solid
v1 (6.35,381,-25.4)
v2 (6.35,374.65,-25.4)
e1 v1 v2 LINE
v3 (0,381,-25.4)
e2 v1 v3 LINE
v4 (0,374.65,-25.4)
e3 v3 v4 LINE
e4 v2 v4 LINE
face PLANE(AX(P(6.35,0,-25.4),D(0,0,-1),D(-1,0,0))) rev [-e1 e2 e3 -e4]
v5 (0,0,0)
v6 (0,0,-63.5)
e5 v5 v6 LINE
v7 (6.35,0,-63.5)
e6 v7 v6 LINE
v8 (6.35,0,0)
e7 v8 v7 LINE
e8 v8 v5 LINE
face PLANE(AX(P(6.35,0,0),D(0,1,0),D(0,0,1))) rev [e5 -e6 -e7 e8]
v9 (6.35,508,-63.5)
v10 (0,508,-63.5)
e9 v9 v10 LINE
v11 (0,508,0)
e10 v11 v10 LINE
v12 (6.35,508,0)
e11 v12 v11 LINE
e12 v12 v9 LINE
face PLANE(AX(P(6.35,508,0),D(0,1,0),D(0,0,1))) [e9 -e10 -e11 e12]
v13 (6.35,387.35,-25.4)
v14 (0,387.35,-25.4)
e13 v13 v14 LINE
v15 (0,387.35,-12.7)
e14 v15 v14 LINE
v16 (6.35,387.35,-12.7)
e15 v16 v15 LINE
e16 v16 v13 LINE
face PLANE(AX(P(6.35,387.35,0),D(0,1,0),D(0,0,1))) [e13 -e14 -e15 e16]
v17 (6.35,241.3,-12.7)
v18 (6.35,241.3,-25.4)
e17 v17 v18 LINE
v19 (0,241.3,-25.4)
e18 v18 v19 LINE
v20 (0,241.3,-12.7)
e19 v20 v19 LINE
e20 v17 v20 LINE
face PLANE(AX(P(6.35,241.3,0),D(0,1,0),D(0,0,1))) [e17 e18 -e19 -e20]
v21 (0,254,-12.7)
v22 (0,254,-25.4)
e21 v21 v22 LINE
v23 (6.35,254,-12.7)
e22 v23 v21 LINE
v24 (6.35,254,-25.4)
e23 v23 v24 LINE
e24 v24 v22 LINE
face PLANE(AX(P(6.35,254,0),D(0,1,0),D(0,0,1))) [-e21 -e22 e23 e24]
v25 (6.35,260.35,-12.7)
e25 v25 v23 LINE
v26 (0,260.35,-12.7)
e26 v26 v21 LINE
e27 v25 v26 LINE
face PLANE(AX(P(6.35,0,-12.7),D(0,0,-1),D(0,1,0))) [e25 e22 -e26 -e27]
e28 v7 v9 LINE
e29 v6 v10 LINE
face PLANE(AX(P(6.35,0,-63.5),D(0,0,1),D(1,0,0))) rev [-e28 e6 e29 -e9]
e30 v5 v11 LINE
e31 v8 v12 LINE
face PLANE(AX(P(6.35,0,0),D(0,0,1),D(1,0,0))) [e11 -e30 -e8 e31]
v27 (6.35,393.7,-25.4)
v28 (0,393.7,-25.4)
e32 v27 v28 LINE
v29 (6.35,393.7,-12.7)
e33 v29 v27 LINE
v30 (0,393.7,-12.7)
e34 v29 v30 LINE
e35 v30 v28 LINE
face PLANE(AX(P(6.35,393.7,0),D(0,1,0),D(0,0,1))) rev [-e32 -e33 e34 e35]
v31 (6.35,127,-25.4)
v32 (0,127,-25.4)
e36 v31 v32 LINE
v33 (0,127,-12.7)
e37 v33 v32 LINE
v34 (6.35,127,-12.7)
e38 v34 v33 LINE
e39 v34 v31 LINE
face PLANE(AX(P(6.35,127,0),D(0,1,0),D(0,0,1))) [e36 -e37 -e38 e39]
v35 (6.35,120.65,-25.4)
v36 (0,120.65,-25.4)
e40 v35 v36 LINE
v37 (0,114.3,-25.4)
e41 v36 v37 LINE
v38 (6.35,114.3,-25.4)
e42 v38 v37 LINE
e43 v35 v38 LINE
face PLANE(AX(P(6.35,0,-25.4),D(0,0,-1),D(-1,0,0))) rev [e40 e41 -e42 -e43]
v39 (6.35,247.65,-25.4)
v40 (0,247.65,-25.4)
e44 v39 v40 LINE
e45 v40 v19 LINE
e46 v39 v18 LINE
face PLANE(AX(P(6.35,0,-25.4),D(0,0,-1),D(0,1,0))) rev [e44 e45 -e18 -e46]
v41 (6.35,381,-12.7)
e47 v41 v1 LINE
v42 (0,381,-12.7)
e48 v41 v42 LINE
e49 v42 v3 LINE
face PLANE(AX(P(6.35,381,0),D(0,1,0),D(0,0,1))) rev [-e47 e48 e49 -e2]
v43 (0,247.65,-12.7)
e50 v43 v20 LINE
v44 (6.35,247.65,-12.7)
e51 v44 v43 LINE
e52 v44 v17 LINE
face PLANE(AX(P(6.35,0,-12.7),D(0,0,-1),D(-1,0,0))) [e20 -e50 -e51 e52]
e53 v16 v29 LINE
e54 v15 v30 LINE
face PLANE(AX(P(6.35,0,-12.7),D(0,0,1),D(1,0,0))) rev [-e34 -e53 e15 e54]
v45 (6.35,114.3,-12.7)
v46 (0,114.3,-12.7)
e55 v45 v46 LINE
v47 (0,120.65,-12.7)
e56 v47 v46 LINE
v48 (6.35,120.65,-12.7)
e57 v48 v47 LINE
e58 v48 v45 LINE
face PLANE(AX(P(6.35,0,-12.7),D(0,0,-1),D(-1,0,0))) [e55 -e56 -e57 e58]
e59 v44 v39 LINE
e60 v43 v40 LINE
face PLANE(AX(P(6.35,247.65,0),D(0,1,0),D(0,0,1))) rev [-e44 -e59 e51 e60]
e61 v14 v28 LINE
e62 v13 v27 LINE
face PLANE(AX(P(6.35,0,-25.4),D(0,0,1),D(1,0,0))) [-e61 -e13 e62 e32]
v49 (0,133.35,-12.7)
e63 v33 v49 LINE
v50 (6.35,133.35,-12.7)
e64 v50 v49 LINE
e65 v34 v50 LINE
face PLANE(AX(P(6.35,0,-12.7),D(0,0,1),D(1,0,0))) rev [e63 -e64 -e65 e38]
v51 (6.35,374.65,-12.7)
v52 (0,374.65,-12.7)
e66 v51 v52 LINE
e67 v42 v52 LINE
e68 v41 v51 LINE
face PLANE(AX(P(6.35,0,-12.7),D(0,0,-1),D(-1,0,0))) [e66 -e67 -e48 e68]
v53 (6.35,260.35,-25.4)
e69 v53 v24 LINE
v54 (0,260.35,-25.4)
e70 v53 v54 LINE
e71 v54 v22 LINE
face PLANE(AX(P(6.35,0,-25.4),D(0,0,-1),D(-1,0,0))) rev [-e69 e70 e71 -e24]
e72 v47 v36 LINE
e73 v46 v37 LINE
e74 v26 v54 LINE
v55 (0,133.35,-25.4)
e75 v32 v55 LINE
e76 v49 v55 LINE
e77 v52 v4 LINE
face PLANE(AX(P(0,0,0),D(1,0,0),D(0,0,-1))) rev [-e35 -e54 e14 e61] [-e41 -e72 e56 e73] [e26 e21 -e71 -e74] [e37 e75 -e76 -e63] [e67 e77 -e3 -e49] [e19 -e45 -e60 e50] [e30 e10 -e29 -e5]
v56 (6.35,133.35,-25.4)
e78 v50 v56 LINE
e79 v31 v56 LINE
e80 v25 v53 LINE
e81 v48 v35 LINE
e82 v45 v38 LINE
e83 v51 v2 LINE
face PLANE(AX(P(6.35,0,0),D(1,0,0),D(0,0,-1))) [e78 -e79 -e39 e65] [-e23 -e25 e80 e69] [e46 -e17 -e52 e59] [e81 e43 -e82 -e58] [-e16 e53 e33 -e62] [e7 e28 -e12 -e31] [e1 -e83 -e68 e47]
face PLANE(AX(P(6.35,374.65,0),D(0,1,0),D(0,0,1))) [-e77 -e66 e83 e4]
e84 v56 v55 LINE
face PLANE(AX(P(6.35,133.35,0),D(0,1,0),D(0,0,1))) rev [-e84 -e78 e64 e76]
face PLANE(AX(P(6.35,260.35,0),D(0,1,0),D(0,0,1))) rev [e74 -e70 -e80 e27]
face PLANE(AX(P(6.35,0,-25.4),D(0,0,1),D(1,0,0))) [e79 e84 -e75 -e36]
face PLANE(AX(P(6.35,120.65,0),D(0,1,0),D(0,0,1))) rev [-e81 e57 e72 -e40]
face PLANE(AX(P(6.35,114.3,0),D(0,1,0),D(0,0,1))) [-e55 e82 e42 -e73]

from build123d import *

# Parameters (mm, degrees)
SKETCH2_W           = 63.5
SKETCH2_H           = 508
SKETCH2_W_2         = 12.7
SKETCH2_H_2         = 6.35
BOSS_EXTRUDE1_DEPTH = 6.35


with BuildPart() as part:
    # Sketch2 → Boss-Extrude1 (new body)
    with BuildSketch(Plane(origin=(0, 0, 0), x_dir=(0, 0, -1), z_dir=(1, 0, 0))):
        with Locations((31.75, 254)):
            Rectangle(SKETCH2_W, SKETCH2_H)
        with Locations((19.05, 390.525)):
            Rectangle(SKETCH2_W_2, SKETCH2_H_2, mode=Mode.SUBTRACT)
        with Locations((19.05, 130.175)):
            Rectangle(SKETCH2_W_2, SKETCH2_H_2, mode=Mode.SUBTRACT)
        with Locations((19.05, 257.175)):
            Rectangle(SKETCH2_W_2, SKETCH2_H_2, mode=Mode.SUBTRACT)
        with Locations((19.05, 117.475)):
            Rectangle(SKETCH2_W_2, SKETCH2_H_2, mode=Mode.SUBTRACT)
        with Locations((19.05, 244.475)):
            Rectangle(SKETCH2_W_2, SKETCH2_H_2, mode=Mode.SUBTRACT)
        with Locations((19.05, 377.825)):
            Rectangle(SKETCH2_W_2, SKETCH2_H_2, mode=Mode.SUBTRACT)
    extrude(amount=BOSS_EXTRUDE1_DEPTH)


solid = part.part
